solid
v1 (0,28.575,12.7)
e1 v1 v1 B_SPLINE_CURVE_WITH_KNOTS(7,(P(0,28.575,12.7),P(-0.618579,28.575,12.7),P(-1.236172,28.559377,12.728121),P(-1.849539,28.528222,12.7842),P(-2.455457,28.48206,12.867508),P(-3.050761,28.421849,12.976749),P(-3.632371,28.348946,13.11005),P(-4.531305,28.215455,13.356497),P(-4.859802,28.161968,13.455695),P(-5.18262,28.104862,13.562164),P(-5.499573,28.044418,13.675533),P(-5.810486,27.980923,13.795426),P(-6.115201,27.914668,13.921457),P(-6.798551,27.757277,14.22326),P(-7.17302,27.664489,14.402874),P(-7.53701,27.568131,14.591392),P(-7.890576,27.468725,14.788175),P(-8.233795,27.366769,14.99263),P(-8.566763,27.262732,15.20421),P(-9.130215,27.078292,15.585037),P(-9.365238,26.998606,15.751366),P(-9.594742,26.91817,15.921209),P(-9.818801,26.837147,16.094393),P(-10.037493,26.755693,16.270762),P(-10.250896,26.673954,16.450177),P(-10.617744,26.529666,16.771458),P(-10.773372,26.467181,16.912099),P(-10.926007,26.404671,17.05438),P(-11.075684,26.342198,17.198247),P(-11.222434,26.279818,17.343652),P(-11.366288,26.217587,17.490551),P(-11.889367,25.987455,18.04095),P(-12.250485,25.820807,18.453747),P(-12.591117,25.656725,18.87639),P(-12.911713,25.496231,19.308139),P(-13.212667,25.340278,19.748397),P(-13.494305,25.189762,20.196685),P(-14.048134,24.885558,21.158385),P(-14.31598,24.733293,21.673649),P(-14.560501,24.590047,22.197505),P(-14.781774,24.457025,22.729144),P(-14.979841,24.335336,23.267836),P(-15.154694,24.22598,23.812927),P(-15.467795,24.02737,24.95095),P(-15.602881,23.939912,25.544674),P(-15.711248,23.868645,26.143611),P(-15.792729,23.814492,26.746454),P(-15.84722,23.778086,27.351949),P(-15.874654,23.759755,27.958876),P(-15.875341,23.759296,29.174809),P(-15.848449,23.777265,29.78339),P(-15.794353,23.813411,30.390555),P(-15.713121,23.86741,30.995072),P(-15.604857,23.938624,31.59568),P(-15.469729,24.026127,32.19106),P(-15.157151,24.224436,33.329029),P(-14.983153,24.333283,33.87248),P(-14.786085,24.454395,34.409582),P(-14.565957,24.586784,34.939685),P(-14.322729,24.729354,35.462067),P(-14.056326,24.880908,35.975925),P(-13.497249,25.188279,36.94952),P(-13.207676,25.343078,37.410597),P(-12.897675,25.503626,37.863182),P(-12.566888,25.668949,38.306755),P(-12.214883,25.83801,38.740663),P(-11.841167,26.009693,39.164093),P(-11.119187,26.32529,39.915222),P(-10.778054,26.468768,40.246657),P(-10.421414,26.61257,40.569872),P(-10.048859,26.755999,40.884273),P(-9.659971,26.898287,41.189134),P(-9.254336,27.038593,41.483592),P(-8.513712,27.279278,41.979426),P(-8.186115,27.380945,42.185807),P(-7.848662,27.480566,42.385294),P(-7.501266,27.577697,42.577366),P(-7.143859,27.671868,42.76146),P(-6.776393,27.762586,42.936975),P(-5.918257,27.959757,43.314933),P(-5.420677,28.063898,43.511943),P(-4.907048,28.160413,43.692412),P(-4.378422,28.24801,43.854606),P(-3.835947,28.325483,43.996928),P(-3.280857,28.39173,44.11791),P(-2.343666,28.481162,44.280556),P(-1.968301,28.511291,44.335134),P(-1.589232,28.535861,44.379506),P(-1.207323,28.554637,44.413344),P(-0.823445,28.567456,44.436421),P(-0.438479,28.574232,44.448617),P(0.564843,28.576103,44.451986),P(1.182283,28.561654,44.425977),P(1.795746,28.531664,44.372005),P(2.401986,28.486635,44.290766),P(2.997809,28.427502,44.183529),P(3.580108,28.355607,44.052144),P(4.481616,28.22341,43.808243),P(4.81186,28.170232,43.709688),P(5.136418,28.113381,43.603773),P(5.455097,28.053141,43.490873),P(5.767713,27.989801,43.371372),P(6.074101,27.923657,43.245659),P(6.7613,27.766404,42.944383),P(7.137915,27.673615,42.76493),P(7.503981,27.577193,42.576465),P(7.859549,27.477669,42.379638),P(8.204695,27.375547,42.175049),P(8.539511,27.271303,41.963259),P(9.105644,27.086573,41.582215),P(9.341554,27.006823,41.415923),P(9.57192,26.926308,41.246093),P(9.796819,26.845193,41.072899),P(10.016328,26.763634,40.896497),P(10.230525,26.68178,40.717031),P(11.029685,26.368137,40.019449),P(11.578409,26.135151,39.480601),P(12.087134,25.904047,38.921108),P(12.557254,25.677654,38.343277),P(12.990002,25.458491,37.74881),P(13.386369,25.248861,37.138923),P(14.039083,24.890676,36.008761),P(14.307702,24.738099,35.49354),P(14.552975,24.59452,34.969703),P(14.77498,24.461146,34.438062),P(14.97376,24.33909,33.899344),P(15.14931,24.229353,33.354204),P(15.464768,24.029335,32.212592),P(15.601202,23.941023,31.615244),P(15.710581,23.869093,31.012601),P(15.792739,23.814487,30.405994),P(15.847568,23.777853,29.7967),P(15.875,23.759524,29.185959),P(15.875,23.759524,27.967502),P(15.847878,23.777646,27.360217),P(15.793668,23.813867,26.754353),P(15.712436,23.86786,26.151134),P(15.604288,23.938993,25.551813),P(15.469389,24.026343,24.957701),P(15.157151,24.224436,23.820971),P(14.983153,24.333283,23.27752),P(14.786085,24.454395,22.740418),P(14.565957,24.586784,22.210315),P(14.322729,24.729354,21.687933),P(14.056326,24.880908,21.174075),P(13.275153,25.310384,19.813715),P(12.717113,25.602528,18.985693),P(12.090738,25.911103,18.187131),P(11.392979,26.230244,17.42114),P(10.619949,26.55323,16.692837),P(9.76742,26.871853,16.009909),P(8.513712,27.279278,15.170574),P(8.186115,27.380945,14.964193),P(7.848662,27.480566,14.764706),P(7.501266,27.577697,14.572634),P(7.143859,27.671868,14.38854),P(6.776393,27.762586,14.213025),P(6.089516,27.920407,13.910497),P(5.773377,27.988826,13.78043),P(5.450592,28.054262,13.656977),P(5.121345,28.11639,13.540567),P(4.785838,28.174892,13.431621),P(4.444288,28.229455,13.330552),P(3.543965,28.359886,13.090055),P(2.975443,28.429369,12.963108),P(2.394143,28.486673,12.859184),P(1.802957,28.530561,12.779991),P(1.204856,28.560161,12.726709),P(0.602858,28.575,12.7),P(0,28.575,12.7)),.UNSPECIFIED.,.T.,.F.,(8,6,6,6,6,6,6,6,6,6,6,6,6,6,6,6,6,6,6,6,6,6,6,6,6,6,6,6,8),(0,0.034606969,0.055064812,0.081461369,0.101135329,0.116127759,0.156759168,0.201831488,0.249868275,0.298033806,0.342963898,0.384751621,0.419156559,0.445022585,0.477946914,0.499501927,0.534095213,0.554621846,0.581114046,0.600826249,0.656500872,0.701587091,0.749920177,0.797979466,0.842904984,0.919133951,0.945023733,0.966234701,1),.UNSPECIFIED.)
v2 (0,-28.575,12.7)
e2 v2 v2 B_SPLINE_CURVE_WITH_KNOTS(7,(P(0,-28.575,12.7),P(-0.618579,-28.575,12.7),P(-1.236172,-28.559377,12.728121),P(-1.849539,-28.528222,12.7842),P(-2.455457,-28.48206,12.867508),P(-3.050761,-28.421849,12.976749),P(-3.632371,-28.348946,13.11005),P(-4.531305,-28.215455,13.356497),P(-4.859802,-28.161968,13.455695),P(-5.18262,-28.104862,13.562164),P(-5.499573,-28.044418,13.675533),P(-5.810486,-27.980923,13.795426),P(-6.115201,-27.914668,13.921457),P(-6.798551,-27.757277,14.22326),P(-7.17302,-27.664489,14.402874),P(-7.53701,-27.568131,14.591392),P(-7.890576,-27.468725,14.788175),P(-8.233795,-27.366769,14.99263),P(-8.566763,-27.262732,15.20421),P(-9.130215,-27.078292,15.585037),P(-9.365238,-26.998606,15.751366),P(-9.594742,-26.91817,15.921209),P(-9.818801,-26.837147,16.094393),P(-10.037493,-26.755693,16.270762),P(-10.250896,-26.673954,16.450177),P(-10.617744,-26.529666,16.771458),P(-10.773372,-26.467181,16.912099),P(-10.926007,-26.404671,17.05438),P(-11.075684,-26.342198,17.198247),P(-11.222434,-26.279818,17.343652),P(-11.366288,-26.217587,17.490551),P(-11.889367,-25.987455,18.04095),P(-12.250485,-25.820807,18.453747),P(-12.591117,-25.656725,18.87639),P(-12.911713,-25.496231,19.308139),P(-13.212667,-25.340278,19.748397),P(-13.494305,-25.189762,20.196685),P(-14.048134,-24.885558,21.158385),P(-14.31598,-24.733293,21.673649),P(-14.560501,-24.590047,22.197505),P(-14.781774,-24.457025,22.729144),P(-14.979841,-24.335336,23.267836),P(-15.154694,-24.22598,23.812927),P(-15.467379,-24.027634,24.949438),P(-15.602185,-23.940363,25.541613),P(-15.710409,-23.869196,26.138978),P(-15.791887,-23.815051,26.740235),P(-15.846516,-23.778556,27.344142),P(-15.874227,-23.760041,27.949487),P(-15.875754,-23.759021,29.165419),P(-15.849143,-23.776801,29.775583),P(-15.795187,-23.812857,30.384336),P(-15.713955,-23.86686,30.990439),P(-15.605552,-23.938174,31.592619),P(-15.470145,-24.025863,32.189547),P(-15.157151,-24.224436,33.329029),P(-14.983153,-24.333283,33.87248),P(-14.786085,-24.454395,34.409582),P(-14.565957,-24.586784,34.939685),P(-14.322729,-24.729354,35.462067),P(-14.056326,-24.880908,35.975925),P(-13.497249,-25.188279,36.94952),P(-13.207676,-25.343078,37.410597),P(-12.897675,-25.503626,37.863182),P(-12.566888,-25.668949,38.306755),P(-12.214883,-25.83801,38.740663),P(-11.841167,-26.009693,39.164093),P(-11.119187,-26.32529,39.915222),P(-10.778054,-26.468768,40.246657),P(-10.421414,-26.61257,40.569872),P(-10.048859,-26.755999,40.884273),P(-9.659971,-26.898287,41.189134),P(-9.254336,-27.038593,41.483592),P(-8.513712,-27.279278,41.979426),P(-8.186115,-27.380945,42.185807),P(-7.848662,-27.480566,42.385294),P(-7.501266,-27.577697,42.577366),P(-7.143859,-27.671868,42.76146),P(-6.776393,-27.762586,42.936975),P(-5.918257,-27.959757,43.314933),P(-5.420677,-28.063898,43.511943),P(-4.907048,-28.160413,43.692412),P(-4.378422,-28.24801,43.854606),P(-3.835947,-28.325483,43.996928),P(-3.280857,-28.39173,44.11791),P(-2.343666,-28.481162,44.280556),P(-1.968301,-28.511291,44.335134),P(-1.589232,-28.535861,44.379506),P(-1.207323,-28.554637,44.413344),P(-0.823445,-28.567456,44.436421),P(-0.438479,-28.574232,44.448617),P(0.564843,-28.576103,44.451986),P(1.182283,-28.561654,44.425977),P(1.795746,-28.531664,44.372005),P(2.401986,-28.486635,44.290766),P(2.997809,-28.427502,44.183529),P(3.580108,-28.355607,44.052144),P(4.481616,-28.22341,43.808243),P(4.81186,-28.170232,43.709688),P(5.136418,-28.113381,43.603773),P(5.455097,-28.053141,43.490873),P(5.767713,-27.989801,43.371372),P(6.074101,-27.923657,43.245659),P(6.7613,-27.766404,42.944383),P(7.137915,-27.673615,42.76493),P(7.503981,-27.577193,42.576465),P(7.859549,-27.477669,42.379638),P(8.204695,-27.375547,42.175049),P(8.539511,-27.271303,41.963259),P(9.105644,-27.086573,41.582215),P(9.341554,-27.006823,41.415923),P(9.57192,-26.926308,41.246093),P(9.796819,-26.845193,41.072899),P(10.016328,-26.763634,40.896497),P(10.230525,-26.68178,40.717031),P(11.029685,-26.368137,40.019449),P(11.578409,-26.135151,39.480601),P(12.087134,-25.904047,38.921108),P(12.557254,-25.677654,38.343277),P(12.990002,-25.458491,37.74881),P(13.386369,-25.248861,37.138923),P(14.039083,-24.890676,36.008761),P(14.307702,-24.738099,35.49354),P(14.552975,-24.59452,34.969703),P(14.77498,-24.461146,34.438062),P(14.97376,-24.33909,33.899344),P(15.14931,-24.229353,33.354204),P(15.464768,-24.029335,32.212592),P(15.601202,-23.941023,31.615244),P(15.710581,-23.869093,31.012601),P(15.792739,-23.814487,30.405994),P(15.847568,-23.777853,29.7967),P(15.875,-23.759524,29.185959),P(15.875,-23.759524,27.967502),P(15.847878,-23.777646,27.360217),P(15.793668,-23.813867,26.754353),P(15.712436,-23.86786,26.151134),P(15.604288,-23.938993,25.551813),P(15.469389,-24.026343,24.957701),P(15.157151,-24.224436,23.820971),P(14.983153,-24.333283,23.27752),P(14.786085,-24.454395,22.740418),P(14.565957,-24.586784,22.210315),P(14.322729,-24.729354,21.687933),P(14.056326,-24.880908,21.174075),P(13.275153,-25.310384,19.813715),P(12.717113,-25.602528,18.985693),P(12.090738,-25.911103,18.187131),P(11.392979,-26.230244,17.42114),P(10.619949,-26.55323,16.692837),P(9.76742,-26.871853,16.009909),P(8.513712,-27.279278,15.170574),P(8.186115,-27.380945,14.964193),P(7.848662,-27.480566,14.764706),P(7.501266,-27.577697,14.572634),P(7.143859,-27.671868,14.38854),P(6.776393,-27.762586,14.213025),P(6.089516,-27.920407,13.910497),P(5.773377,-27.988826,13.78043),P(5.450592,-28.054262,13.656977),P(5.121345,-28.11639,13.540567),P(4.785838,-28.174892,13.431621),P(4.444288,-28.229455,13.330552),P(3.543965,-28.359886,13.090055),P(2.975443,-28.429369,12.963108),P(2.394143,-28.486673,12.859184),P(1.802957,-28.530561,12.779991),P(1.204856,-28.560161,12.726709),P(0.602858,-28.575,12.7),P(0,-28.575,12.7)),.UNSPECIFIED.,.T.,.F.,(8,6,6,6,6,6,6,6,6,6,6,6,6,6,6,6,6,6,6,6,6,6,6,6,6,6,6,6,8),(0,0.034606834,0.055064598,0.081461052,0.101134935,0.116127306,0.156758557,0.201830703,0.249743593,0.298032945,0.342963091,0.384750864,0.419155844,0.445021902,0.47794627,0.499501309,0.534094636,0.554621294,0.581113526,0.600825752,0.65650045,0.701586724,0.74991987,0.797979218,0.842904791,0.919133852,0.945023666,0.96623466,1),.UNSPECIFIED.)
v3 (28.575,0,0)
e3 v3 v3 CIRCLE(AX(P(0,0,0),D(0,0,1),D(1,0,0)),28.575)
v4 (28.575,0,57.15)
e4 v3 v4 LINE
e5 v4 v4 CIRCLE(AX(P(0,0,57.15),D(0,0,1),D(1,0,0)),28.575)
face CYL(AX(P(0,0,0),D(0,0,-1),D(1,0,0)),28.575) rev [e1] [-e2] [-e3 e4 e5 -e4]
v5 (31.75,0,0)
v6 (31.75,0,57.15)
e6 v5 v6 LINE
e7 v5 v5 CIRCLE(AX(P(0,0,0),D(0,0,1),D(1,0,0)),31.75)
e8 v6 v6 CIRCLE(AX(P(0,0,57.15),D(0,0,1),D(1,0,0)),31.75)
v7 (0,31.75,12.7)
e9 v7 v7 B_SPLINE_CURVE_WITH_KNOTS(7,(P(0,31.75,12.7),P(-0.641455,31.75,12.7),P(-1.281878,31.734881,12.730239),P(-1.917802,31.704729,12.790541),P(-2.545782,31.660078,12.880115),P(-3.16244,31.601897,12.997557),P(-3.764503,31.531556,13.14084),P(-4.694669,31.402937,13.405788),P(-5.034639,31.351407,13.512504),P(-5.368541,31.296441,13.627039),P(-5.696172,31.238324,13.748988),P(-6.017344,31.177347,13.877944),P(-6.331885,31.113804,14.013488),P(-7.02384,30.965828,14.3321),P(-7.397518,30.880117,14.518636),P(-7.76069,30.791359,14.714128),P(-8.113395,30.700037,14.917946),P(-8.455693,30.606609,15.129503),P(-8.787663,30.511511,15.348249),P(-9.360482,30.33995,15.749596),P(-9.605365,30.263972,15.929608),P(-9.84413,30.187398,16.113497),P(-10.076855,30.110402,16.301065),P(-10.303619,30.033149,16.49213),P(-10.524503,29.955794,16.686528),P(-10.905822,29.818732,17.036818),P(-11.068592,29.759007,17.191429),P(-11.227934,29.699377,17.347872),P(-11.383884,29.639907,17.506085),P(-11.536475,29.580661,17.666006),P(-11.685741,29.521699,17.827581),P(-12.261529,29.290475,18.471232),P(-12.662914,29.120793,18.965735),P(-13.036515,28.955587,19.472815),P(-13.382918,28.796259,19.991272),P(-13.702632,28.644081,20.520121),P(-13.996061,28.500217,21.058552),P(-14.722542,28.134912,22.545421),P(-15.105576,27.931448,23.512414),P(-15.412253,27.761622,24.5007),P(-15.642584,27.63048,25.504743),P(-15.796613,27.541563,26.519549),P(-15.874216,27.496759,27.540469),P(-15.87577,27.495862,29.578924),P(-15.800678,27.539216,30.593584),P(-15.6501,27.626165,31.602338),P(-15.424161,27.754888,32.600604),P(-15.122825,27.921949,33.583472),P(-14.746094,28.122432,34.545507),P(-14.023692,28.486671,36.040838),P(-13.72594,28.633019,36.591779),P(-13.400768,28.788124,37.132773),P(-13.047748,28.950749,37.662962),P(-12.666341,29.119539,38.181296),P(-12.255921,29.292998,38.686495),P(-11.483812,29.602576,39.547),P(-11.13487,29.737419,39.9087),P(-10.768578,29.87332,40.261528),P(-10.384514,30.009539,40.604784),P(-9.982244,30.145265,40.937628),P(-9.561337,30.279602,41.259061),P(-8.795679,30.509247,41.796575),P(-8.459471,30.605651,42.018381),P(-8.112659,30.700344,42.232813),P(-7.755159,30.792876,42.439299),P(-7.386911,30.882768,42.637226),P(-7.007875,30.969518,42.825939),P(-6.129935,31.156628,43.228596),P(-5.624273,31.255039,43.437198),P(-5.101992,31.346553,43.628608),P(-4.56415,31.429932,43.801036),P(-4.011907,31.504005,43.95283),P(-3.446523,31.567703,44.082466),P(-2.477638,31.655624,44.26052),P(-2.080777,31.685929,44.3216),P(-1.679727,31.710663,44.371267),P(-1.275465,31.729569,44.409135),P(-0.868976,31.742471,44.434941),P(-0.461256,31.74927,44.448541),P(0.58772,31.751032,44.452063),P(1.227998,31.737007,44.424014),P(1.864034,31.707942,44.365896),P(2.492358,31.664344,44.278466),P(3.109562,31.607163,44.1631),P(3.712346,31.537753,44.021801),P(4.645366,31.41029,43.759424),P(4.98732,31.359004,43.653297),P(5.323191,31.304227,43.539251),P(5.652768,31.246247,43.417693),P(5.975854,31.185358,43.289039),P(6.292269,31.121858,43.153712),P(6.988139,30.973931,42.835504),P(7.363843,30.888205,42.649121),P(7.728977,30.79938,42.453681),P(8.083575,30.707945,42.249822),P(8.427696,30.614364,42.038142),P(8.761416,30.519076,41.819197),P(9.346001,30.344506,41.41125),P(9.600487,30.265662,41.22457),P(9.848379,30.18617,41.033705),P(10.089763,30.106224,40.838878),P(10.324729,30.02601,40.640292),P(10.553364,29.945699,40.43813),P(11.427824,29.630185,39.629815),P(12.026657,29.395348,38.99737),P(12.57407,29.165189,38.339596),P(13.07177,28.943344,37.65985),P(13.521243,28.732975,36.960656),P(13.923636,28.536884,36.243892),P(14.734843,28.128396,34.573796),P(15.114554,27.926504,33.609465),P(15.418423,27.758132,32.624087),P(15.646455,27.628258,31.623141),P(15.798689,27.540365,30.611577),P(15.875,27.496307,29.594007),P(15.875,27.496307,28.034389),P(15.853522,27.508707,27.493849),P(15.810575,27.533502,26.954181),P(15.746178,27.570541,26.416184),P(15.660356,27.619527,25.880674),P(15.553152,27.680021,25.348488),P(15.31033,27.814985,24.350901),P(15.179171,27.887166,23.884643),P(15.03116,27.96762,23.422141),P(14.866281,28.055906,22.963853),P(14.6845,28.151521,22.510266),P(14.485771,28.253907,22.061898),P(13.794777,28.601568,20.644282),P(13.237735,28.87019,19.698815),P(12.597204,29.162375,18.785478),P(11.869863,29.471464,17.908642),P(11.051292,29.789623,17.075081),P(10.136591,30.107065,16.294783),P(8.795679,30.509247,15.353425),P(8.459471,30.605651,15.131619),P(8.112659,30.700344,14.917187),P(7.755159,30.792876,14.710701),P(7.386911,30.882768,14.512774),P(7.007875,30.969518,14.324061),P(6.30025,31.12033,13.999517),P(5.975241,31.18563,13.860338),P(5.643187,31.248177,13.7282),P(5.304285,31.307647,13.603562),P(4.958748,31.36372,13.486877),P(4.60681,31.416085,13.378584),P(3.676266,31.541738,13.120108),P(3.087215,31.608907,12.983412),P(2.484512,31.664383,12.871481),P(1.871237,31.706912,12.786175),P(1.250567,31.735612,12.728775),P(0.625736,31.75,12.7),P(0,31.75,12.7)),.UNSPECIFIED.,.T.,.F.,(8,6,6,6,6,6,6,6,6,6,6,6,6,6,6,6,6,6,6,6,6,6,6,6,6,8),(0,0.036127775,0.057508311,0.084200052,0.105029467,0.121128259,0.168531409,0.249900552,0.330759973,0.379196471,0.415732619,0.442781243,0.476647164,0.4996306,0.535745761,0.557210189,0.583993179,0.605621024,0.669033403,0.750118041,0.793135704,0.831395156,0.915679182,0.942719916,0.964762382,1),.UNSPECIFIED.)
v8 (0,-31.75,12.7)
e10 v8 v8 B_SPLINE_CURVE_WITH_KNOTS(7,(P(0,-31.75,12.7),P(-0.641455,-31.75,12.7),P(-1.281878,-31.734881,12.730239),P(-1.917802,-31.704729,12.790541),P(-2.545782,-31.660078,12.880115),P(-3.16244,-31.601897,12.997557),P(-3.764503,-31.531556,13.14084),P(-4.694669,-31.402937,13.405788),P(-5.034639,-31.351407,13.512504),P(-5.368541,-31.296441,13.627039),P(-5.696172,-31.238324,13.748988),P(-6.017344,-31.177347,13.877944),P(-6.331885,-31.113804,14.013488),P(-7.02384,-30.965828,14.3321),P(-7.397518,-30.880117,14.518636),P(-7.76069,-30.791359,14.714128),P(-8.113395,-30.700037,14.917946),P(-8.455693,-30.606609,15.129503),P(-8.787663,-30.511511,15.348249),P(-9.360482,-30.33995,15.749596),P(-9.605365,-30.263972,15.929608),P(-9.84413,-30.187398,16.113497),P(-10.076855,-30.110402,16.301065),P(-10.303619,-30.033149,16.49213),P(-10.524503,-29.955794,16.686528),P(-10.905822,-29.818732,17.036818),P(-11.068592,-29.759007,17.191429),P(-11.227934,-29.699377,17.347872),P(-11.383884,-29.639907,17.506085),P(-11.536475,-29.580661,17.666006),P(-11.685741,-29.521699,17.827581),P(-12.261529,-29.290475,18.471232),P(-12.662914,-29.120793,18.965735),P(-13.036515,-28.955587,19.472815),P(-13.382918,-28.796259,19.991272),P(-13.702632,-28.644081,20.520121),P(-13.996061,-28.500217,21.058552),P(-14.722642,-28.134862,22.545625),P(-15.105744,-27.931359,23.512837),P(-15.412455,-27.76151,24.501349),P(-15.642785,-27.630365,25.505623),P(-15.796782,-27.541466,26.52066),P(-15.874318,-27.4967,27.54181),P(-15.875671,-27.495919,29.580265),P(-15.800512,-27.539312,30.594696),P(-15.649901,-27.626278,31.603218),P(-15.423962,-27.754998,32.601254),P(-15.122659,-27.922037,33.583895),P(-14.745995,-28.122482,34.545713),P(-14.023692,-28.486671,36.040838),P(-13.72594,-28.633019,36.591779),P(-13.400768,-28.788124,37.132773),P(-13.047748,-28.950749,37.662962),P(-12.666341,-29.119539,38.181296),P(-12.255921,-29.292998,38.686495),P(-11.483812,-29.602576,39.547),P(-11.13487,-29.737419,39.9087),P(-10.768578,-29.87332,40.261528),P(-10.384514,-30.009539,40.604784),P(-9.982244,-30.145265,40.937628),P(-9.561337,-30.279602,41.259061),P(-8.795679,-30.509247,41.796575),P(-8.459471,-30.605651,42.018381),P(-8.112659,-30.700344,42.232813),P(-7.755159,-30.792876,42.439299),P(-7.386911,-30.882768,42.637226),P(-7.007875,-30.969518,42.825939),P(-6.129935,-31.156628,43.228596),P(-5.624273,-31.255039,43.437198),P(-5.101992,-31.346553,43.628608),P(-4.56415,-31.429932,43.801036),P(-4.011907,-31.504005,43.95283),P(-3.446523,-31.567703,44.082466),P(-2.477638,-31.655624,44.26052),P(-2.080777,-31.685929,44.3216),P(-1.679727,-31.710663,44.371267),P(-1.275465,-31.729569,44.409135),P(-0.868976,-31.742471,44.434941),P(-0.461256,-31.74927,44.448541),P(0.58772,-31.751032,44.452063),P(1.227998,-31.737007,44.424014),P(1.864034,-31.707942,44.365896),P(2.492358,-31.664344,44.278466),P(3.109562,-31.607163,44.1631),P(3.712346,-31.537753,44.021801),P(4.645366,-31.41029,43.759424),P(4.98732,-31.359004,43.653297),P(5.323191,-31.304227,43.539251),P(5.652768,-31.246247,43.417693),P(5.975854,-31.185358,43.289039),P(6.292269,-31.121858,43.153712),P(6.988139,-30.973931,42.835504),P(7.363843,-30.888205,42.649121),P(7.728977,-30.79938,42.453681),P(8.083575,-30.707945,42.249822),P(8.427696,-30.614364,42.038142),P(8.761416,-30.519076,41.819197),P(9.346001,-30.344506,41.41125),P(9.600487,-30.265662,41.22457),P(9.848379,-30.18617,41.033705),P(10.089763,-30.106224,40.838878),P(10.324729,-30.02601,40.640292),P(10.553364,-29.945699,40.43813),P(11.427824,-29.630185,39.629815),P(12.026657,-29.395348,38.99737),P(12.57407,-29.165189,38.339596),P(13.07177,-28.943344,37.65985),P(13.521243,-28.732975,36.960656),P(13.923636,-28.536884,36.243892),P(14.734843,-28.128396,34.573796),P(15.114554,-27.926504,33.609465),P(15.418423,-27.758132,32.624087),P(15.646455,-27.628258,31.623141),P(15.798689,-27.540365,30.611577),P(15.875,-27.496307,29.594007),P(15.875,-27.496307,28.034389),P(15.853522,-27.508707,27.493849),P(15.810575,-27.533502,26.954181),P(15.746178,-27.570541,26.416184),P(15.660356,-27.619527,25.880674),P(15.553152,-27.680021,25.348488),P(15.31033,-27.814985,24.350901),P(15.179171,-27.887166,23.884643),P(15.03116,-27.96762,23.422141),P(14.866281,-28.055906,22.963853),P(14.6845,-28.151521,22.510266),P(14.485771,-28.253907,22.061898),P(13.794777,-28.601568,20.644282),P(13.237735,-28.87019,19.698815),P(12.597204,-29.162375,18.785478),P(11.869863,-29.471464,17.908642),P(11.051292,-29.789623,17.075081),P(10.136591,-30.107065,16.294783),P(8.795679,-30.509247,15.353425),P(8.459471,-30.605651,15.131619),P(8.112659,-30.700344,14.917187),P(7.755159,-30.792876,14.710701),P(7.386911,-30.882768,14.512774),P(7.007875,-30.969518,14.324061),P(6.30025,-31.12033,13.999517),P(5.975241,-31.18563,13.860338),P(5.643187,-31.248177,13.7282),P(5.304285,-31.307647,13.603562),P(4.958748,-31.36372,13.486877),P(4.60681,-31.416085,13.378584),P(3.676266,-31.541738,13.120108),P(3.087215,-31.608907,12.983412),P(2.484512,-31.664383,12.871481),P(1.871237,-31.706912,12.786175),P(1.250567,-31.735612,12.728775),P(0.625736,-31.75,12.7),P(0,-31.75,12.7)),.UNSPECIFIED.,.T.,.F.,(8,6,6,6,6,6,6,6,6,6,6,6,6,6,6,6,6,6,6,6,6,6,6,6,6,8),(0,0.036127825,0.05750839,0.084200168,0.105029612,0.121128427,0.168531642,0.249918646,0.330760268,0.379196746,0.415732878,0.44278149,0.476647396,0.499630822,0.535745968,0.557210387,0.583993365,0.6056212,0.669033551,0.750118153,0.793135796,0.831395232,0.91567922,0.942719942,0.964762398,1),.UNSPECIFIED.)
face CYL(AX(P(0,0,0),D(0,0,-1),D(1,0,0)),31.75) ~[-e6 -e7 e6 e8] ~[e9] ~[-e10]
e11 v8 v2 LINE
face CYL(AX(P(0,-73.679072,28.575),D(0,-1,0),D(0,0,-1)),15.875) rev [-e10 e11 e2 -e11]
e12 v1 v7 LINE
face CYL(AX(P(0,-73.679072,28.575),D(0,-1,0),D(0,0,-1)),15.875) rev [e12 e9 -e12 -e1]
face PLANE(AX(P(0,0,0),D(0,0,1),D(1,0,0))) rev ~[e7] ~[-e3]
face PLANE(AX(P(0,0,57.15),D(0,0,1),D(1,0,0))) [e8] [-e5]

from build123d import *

# Parameters (mm, degrees)
CROQUIS1_R                 = 31.75
CROQUIS1_R_2               = 28.575
SALIENTE_EXTRUIR1_DEPTH    = 57.15
CORTAR_EXTRUIR1_DEPTH      = 73.679071953
CORTAR_EXTRUIR1_DEPTH_BACK = 73.679071953
CROQUIS2_R                 = 15.875


with BuildPart() as part:
    # Croquis1 → Saliente-Extruir1 (new body)
    with BuildSketch(Plane.XY):
        Circle(CROQUIS1_R)
        Circle(CROQUIS1_R_2, mode=Mode.SUBTRACT)
    extrude(amount=SALIENTE_EXTRUIR1_DEPTH)

    # Croquis2 → Cortar-Extruir1 (cut, two sides: drawn at the far end of the back side and taken through both)
    with BuildSketch(Plane(origin=(0, 0, 0), x_dir=(1, 0, 0), z_dir=(0, 1, 0)).offset(-CORTAR_EXTRUIR1_DEPTH_BACK)):
        with Locations(Location((0, -28.575, 0), (0, 0, 90))):
            Circle(CROQUIS2_R)
    extrude(amount=CORTAR_EXTRUIR1_DEPTH + CORTAR_EXTRUIR1_DEPTH_BACK, mode=Mode.SUBTRACT)


solid = part.part
